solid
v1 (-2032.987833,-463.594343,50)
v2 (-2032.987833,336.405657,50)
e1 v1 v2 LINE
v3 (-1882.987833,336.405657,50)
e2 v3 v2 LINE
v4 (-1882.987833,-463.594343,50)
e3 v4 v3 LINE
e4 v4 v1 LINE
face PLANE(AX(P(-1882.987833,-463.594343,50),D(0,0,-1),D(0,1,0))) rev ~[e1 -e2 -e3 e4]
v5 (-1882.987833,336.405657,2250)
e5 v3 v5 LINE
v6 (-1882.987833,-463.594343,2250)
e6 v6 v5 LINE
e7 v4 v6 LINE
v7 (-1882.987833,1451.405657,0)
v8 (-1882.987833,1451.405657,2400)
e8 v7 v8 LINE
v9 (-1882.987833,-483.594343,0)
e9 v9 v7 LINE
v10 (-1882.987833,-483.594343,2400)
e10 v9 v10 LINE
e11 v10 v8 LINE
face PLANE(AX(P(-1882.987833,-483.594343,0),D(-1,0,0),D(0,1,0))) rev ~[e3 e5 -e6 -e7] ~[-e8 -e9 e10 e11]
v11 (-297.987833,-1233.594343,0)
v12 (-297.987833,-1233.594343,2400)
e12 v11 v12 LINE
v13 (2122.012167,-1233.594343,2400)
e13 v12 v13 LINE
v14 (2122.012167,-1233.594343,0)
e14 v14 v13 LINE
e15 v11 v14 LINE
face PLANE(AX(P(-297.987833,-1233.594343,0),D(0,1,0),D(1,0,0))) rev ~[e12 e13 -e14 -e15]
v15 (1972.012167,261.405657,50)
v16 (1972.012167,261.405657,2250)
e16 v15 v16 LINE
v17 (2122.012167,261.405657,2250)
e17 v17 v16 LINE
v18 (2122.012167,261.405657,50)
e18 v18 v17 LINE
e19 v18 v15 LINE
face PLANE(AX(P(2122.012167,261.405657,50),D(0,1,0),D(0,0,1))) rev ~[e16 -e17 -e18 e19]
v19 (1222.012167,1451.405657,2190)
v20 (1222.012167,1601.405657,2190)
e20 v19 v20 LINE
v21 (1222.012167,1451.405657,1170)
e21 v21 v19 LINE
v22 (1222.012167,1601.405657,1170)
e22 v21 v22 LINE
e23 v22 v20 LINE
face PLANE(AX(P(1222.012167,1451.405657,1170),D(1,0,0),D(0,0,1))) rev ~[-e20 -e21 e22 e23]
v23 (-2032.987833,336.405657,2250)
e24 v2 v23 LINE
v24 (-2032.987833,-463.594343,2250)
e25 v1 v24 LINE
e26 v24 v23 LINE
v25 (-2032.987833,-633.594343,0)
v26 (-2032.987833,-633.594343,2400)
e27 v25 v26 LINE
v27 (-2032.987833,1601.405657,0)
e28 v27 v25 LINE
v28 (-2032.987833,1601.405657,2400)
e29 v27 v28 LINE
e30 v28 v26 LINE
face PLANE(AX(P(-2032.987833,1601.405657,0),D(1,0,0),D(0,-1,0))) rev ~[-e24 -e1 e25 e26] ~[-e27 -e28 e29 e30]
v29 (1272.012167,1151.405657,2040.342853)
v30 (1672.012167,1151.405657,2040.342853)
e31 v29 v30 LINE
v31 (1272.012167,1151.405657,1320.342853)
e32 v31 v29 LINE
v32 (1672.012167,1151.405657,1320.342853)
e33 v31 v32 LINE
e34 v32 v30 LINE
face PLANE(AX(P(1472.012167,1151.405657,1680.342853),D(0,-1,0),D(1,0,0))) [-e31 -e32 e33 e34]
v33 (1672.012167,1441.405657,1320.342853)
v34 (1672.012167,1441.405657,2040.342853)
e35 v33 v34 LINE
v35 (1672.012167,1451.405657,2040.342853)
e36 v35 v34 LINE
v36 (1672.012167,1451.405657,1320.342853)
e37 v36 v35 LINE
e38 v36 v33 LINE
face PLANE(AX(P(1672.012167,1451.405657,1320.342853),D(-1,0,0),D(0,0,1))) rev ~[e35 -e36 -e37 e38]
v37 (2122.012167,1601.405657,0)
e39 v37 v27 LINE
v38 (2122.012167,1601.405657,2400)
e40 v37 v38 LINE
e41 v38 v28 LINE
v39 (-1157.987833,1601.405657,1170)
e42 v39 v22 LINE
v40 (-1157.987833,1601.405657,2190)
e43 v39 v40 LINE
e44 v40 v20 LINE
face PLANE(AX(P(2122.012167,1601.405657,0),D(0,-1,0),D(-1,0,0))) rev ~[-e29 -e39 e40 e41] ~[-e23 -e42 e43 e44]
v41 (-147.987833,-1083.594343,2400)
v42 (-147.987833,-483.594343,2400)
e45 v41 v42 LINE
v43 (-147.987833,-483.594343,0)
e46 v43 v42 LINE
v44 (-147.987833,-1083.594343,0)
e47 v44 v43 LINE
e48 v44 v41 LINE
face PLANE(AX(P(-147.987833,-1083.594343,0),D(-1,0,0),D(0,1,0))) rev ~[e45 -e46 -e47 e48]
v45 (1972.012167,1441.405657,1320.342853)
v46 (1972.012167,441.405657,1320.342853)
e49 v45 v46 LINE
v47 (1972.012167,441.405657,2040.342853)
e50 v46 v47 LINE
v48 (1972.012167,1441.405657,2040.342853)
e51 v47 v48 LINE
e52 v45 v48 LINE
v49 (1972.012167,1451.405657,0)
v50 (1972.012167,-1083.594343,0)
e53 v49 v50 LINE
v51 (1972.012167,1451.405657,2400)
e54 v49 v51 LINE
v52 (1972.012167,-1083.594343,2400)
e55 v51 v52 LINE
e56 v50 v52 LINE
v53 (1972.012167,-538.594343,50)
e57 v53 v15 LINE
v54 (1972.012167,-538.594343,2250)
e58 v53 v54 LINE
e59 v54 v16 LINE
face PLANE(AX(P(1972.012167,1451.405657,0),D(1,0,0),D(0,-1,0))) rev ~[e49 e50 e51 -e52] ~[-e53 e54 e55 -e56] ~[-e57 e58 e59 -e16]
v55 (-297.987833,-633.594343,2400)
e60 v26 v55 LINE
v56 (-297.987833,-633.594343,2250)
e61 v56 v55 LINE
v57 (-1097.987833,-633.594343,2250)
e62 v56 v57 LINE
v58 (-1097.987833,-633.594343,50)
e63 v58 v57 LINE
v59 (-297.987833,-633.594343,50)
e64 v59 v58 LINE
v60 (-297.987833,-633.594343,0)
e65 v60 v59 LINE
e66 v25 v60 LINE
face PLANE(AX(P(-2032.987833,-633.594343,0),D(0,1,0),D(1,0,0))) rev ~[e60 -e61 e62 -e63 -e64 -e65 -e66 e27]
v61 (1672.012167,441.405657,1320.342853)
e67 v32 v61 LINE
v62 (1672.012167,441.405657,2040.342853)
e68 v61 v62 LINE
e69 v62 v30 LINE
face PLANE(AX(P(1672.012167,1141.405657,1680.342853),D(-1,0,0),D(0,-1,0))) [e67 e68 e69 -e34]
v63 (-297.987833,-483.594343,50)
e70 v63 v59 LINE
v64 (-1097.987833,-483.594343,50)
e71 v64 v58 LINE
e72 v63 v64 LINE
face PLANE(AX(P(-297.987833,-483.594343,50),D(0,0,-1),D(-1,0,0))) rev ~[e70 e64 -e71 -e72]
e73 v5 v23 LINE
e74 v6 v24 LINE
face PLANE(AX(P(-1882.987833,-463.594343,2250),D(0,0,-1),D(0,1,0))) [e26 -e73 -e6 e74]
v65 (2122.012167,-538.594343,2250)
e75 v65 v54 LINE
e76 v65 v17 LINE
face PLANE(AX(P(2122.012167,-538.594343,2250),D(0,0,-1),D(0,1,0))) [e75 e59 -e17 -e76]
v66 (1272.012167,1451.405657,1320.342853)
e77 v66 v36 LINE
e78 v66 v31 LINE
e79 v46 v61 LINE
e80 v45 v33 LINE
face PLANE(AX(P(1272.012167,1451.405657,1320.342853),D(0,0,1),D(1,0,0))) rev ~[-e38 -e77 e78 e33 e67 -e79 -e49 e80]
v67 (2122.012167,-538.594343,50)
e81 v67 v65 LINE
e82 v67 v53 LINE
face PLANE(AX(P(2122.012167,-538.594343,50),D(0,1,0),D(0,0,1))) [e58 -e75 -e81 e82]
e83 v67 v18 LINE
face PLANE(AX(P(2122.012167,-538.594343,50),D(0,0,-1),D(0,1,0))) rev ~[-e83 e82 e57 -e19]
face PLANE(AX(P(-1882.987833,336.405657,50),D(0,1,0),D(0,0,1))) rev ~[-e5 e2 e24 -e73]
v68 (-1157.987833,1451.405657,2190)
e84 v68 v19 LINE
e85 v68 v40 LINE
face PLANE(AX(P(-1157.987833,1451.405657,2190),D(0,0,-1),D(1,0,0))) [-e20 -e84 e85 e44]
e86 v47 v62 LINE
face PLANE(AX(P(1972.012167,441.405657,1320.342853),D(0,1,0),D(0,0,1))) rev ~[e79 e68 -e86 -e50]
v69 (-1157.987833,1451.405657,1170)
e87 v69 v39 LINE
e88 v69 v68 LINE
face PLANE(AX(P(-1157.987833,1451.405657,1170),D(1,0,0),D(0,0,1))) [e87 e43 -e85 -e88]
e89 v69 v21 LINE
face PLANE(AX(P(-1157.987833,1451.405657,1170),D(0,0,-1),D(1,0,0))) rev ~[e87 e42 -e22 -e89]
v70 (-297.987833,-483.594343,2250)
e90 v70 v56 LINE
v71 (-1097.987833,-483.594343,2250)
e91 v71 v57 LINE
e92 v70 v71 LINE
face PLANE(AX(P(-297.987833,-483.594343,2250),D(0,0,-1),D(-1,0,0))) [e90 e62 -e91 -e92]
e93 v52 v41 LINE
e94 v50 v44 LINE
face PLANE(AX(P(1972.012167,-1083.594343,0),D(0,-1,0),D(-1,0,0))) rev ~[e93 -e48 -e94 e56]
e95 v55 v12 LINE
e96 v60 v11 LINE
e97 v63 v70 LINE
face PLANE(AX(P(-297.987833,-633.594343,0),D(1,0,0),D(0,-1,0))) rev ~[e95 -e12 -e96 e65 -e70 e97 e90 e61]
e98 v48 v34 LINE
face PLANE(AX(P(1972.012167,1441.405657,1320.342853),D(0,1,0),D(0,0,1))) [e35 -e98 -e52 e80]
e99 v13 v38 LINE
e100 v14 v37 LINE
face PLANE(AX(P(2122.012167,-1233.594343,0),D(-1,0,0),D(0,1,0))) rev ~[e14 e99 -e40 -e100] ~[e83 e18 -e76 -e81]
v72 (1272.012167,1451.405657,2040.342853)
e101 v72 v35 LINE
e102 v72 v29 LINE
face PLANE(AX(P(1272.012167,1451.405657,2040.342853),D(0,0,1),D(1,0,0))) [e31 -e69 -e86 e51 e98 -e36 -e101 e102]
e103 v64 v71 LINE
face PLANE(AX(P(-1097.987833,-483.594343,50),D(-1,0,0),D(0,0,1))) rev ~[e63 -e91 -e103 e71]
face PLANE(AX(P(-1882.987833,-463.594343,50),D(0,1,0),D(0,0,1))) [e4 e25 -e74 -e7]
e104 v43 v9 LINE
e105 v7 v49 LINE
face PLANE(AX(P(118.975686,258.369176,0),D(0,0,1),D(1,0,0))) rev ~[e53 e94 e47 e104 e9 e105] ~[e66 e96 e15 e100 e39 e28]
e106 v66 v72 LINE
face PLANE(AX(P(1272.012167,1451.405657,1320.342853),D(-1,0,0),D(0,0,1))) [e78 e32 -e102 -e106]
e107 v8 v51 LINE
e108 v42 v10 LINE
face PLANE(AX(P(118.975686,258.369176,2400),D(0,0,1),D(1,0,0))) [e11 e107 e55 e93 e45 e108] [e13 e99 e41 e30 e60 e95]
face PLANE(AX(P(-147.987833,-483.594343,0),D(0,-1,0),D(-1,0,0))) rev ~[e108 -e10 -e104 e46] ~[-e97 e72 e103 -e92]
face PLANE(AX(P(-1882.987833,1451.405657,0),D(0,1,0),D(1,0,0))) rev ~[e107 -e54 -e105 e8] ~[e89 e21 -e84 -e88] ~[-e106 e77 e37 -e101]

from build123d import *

# Parameters (mm, degrees)
F1_DEPTH  = 2400
F2_W      = 800
F2_H      = 2200
F3_DEPTH  = 150
F4_W      = 800
F4_H      = 2200
F5_DEPTH  = 150
F6_W      = 800
F6_H      = 2200
F7_DEPTH  = 150
F8_W      = 2380
F8_H      = 1020
F9_DEPTH  = 150
F11_W     = 600
F11_H     = 720
F11_W_2   = 400
F12_DEPTH = 300
F13_W     = 400
F13_H     = 720
F14_DEPTH = 300


with BuildPart() as f1:
    # F0 (on Top) → F1 (new body)
    with BuildSketch(Plane.XY):
        Polygon((2122.012167, -278.594359), (2122.012167, 1601.405657), (-2032.987833, 1601.405657), (-2032.987833, -633.594343), (-297.987833, -633.594343), (-297.987833, -1233.594343), (2122.012167, -1233.594343), align=None)
        Polygon((1972.012167, -1083.594343), (-147.987833, -1083.594343), (-147.987833, -483.594343), (-1882.987833, -483.594343), (-1882.987833, 1451.405657), (1972.012167, 1451.405657), (1972.012167, -538.594343), align=None, mode=Mode.SUBTRACT)
    extrude(amount=F1_DEPTH)

    # F2 (on face) → F3 (cut, through all)
    with BuildSketch(Plane.YZ.offset(2122.012167)):
        with Locations((-138.594343, 1150)):
            Rectangle(F2_W, F2_H)
    extrude(amount=-F3_DEPTH, mode=Mode.SUBTRACT)

    # F4 (on face) → F5 (cut, through all)
    with BuildSketch(Plane(origin=(0, -483.594343, 0), x_dir=(-1, 0, 0), z_dir=(0, 1, 0))):
        with Locations((697.987833, 1150)):
            Rectangle(F4_W, F4_H)
    extrude(amount=-F5_DEPTH, mode=Mode.SUBTRACT)

    # F6 (on face) → F7 (cut, through all)
    with BuildSketch(Plane.YZ.offset(-1882.987833)):
        with Locations((-63.594343, 1150)):
            Rectangle(F6_W, F6_H)
    extrude(amount=-F7_DEPTH, mode=Mode.SUBTRACT)

    # F8 (on face) → F9 (cut, through all)
    with BuildSketch(Plane.XZ.offset(-1451.405657)):
        with Locations((32.012167, 1680)):
            Rectangle(F8_W, F8_H)
    extrude(amount=-F9_DEPTH, mode=Mode.SUBTRACT)

    # F11 (on face) → F12 (join)
    with BuildSketch(Plane(origin=(1972.012167, 0, 0), x_dir=(0, -1, 0), z_dir=(-1, 0, 0))):
        with Locations((-1141.405657, 1680.342853)):
            Rectangle(F11_W, F11_H)
        with Locations((-641.405657, 1680.342853)):
            Rectangle(F11_W_2, F11_H)
    extrude(amount=F12_DEPTH)

    # F13 (on face) → F14 (join)
    with BuildSketch(Plane.XZ.offset(-1451.405657)):
        with Locations((1472.012167, 1680.342853)):
            Rectangle(F13_W, F13_H)
    extrude(amount=F14_DEPTH)


solid = f1.part
